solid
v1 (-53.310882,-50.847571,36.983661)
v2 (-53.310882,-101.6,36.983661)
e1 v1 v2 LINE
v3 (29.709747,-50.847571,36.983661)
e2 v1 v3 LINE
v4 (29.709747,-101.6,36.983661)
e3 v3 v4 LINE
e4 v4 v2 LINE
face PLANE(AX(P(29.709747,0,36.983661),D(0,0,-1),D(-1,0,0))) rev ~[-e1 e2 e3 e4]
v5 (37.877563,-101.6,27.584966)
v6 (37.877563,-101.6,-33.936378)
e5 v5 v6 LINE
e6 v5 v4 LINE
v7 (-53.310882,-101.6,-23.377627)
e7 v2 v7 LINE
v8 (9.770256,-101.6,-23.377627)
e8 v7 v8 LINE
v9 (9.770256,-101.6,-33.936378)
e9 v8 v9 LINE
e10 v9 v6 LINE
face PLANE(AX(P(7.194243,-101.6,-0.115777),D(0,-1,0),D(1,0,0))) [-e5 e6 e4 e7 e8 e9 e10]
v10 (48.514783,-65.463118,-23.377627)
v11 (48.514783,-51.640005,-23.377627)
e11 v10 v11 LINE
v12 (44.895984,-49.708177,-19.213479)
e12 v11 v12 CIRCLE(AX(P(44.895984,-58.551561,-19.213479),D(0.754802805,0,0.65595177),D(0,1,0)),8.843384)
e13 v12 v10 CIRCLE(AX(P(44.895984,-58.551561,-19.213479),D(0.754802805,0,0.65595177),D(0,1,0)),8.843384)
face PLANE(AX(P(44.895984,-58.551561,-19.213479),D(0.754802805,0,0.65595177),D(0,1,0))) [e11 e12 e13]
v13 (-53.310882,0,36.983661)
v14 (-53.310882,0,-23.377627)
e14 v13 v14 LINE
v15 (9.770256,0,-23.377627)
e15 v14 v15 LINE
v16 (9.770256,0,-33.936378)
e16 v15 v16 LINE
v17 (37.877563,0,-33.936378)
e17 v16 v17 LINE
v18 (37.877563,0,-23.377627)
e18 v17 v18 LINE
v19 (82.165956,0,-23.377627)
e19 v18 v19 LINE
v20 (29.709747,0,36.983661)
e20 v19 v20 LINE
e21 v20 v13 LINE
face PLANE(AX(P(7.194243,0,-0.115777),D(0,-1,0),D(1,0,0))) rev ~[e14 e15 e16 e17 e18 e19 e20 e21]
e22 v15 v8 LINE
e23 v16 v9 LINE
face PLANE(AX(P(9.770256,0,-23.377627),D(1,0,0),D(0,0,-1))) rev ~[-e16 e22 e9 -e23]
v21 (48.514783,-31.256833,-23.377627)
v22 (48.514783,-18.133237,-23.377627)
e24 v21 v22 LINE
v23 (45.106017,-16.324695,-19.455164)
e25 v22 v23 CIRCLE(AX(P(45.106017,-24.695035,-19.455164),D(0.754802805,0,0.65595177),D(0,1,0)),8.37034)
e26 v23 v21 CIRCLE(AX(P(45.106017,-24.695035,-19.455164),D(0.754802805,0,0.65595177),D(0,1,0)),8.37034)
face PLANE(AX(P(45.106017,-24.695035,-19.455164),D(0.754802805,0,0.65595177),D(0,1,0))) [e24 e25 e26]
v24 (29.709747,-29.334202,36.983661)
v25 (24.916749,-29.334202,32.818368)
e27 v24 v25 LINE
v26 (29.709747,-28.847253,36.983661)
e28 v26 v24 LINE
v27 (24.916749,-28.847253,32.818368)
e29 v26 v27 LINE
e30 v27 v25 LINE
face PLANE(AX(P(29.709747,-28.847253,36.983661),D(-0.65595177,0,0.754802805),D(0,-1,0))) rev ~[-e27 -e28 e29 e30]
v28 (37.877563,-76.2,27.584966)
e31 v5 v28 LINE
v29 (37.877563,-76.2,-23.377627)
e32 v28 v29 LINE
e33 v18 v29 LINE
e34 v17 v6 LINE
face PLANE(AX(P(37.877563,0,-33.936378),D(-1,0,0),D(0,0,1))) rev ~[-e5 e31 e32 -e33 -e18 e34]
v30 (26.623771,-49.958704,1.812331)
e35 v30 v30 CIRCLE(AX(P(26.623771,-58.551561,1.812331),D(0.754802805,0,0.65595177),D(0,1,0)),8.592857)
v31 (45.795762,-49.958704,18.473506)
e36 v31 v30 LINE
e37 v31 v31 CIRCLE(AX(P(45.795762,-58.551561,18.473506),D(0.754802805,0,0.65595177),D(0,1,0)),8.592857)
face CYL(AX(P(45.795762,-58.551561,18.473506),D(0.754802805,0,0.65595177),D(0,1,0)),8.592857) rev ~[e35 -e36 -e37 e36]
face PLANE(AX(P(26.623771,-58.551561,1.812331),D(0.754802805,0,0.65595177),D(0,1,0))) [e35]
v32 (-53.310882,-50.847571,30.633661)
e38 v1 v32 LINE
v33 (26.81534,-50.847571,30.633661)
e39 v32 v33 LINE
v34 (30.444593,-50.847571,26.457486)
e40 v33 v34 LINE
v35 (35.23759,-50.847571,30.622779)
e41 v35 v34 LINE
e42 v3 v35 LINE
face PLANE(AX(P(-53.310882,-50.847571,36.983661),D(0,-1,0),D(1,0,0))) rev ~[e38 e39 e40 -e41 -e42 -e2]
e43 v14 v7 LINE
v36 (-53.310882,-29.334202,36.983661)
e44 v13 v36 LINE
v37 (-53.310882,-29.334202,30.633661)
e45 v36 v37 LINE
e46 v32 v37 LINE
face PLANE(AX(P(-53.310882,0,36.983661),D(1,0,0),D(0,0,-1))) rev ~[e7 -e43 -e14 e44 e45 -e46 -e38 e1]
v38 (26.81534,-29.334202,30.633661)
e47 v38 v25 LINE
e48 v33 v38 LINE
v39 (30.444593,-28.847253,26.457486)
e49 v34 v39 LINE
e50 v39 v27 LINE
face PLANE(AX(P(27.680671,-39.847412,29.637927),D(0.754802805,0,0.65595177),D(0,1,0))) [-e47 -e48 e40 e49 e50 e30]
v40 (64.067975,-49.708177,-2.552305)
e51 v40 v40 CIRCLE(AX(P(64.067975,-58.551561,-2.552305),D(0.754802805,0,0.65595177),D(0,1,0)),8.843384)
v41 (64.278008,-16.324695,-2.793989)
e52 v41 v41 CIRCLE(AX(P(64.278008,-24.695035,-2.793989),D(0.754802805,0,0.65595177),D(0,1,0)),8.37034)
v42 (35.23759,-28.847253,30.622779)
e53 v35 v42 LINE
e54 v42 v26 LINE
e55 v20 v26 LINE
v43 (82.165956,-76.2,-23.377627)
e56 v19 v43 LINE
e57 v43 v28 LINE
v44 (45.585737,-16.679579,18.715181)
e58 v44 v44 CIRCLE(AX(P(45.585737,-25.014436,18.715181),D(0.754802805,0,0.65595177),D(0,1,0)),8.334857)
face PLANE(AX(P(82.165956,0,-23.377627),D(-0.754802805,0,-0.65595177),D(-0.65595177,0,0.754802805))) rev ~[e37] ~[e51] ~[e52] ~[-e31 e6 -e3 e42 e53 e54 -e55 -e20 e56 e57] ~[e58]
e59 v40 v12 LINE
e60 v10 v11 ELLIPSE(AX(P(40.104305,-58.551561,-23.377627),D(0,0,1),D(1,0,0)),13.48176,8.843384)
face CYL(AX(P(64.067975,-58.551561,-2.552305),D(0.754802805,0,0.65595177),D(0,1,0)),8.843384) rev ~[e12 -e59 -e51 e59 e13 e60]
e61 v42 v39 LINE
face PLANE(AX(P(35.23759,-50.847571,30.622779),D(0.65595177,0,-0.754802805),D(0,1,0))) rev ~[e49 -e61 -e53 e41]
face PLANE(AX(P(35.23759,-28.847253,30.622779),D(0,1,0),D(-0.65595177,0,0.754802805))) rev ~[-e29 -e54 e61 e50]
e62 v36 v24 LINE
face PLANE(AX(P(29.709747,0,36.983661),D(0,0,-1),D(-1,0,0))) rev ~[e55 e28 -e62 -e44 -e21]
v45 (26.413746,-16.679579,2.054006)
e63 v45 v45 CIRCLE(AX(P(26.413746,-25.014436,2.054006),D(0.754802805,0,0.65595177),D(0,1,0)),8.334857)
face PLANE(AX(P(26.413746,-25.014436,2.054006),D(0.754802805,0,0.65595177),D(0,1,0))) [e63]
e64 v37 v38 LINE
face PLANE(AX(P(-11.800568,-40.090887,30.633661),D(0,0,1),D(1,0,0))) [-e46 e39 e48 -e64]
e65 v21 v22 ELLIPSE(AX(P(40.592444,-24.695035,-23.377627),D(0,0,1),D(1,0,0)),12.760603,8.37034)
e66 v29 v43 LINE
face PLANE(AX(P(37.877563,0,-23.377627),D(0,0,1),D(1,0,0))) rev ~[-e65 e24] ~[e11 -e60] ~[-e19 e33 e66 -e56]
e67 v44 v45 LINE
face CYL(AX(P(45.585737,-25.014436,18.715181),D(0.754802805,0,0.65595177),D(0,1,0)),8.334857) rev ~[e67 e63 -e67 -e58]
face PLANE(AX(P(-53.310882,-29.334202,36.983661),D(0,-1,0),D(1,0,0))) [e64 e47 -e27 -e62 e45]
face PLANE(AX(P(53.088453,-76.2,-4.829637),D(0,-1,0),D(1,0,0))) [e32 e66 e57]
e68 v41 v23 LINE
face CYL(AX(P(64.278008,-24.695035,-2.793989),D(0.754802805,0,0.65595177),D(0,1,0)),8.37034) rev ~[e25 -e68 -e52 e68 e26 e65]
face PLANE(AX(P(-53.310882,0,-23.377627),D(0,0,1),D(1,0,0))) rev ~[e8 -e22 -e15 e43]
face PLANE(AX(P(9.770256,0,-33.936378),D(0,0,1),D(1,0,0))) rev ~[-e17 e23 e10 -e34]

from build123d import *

# Parameters (mm, degrees)
F1_DEPTH = 101.6
F2_W     = 83.0206293613
F2_H     = 21.5133689344
F3_DEPTH = 6.35
F5_DEPTH = 6.35
F4_R     = 8.5928571877
F4_R_2   = 8.3348569543
F4_R_3   = 8.3703398653
F4_R_4   = 8.8433843917
F6_DEPTH = 25.4
F8_DEPTH = 25.4


with BuildPart() as f1:
    # F0 (on Front) → F1 (new body)
    with BuildSketch(Plane.XZ):
        Polygon((29.7097470611, 36.9836613536), (-53.3108823001, 36.9836613536), (-53.3108823001, -23.3776271343), (9.7702555358, -23.3776271343), (9.7702555358, -33.9363776147), (37.8775633872, -33.9363776147), (37.8775633872, -23.3776271343), (82.1659564972, -23.3776271343), align=None)
    extrude(amount=F1_DEPTH)

    # F2 (on face) → F3 (cut)
    with BuildSketch(Plane.XY.offset(36.9836613536)):
        with Locations((-11.8005676195, -40.090886876)):
            Rectangle(F2_W, F2_H)
    extrude(amount=-F3_DEPTH, mode=Mode.SUBTRACT)

    # F4 (on face) → F5 (cut)
    with BuildSketch(Plane(origin=(35.2375904862, 0, 30.6227794812), x_dir=(0, 1, 0), z_dir=(0.7548028054, 0, 0.6559517703))):
        Polygon((-29.3342024088, 8.4272101627), (-50.8475713432, 8.4272101627), (-50.8475713432, 0), (-28.8472529501, 0), (-28.8472529501, 8.4272101627), align=None)
    extrude(amount=-F5_DEPTH, mode=Mode.SUBTRACT)

    # F4 (on face) → F6 (cut)
    with BuildSketch(Plane(origin=(35.2375904862, 0, 30.6227794812), x_dir=(0, 1, 0), z_dir=(0.7548028054, 0, 0.6559517703))):
        with Locations((-58.5515610874, -16.0959567875)):
            Circle(F4_R)
        with Locations((-25.0144358724, -15.7757736742)):
            Circle(F4_R_2)
        with Locations((-24.6950350702, -44.2721843719)):
            Circle(F4_R_3)
        with Locations((-58.5515610874, -43.9519882202)):
            Circle(F4_R_4)
    extrude(amount=-F6_DEPTH, mode=Mode.SUBTRACT)

    # F7 (on face) → F8 (cut)
    with BuildSketch(Plane.XZ.offset(101.6)):
        Polygon((37.8775633872, 27.584966273), (37.8775633872, -23.3776271343), (82.1659564972, -23.3776271343), align=None)
    extrude(amount=-F8_DEPTH, mode=Mode.SUBTRACT)


solid = f1.part
